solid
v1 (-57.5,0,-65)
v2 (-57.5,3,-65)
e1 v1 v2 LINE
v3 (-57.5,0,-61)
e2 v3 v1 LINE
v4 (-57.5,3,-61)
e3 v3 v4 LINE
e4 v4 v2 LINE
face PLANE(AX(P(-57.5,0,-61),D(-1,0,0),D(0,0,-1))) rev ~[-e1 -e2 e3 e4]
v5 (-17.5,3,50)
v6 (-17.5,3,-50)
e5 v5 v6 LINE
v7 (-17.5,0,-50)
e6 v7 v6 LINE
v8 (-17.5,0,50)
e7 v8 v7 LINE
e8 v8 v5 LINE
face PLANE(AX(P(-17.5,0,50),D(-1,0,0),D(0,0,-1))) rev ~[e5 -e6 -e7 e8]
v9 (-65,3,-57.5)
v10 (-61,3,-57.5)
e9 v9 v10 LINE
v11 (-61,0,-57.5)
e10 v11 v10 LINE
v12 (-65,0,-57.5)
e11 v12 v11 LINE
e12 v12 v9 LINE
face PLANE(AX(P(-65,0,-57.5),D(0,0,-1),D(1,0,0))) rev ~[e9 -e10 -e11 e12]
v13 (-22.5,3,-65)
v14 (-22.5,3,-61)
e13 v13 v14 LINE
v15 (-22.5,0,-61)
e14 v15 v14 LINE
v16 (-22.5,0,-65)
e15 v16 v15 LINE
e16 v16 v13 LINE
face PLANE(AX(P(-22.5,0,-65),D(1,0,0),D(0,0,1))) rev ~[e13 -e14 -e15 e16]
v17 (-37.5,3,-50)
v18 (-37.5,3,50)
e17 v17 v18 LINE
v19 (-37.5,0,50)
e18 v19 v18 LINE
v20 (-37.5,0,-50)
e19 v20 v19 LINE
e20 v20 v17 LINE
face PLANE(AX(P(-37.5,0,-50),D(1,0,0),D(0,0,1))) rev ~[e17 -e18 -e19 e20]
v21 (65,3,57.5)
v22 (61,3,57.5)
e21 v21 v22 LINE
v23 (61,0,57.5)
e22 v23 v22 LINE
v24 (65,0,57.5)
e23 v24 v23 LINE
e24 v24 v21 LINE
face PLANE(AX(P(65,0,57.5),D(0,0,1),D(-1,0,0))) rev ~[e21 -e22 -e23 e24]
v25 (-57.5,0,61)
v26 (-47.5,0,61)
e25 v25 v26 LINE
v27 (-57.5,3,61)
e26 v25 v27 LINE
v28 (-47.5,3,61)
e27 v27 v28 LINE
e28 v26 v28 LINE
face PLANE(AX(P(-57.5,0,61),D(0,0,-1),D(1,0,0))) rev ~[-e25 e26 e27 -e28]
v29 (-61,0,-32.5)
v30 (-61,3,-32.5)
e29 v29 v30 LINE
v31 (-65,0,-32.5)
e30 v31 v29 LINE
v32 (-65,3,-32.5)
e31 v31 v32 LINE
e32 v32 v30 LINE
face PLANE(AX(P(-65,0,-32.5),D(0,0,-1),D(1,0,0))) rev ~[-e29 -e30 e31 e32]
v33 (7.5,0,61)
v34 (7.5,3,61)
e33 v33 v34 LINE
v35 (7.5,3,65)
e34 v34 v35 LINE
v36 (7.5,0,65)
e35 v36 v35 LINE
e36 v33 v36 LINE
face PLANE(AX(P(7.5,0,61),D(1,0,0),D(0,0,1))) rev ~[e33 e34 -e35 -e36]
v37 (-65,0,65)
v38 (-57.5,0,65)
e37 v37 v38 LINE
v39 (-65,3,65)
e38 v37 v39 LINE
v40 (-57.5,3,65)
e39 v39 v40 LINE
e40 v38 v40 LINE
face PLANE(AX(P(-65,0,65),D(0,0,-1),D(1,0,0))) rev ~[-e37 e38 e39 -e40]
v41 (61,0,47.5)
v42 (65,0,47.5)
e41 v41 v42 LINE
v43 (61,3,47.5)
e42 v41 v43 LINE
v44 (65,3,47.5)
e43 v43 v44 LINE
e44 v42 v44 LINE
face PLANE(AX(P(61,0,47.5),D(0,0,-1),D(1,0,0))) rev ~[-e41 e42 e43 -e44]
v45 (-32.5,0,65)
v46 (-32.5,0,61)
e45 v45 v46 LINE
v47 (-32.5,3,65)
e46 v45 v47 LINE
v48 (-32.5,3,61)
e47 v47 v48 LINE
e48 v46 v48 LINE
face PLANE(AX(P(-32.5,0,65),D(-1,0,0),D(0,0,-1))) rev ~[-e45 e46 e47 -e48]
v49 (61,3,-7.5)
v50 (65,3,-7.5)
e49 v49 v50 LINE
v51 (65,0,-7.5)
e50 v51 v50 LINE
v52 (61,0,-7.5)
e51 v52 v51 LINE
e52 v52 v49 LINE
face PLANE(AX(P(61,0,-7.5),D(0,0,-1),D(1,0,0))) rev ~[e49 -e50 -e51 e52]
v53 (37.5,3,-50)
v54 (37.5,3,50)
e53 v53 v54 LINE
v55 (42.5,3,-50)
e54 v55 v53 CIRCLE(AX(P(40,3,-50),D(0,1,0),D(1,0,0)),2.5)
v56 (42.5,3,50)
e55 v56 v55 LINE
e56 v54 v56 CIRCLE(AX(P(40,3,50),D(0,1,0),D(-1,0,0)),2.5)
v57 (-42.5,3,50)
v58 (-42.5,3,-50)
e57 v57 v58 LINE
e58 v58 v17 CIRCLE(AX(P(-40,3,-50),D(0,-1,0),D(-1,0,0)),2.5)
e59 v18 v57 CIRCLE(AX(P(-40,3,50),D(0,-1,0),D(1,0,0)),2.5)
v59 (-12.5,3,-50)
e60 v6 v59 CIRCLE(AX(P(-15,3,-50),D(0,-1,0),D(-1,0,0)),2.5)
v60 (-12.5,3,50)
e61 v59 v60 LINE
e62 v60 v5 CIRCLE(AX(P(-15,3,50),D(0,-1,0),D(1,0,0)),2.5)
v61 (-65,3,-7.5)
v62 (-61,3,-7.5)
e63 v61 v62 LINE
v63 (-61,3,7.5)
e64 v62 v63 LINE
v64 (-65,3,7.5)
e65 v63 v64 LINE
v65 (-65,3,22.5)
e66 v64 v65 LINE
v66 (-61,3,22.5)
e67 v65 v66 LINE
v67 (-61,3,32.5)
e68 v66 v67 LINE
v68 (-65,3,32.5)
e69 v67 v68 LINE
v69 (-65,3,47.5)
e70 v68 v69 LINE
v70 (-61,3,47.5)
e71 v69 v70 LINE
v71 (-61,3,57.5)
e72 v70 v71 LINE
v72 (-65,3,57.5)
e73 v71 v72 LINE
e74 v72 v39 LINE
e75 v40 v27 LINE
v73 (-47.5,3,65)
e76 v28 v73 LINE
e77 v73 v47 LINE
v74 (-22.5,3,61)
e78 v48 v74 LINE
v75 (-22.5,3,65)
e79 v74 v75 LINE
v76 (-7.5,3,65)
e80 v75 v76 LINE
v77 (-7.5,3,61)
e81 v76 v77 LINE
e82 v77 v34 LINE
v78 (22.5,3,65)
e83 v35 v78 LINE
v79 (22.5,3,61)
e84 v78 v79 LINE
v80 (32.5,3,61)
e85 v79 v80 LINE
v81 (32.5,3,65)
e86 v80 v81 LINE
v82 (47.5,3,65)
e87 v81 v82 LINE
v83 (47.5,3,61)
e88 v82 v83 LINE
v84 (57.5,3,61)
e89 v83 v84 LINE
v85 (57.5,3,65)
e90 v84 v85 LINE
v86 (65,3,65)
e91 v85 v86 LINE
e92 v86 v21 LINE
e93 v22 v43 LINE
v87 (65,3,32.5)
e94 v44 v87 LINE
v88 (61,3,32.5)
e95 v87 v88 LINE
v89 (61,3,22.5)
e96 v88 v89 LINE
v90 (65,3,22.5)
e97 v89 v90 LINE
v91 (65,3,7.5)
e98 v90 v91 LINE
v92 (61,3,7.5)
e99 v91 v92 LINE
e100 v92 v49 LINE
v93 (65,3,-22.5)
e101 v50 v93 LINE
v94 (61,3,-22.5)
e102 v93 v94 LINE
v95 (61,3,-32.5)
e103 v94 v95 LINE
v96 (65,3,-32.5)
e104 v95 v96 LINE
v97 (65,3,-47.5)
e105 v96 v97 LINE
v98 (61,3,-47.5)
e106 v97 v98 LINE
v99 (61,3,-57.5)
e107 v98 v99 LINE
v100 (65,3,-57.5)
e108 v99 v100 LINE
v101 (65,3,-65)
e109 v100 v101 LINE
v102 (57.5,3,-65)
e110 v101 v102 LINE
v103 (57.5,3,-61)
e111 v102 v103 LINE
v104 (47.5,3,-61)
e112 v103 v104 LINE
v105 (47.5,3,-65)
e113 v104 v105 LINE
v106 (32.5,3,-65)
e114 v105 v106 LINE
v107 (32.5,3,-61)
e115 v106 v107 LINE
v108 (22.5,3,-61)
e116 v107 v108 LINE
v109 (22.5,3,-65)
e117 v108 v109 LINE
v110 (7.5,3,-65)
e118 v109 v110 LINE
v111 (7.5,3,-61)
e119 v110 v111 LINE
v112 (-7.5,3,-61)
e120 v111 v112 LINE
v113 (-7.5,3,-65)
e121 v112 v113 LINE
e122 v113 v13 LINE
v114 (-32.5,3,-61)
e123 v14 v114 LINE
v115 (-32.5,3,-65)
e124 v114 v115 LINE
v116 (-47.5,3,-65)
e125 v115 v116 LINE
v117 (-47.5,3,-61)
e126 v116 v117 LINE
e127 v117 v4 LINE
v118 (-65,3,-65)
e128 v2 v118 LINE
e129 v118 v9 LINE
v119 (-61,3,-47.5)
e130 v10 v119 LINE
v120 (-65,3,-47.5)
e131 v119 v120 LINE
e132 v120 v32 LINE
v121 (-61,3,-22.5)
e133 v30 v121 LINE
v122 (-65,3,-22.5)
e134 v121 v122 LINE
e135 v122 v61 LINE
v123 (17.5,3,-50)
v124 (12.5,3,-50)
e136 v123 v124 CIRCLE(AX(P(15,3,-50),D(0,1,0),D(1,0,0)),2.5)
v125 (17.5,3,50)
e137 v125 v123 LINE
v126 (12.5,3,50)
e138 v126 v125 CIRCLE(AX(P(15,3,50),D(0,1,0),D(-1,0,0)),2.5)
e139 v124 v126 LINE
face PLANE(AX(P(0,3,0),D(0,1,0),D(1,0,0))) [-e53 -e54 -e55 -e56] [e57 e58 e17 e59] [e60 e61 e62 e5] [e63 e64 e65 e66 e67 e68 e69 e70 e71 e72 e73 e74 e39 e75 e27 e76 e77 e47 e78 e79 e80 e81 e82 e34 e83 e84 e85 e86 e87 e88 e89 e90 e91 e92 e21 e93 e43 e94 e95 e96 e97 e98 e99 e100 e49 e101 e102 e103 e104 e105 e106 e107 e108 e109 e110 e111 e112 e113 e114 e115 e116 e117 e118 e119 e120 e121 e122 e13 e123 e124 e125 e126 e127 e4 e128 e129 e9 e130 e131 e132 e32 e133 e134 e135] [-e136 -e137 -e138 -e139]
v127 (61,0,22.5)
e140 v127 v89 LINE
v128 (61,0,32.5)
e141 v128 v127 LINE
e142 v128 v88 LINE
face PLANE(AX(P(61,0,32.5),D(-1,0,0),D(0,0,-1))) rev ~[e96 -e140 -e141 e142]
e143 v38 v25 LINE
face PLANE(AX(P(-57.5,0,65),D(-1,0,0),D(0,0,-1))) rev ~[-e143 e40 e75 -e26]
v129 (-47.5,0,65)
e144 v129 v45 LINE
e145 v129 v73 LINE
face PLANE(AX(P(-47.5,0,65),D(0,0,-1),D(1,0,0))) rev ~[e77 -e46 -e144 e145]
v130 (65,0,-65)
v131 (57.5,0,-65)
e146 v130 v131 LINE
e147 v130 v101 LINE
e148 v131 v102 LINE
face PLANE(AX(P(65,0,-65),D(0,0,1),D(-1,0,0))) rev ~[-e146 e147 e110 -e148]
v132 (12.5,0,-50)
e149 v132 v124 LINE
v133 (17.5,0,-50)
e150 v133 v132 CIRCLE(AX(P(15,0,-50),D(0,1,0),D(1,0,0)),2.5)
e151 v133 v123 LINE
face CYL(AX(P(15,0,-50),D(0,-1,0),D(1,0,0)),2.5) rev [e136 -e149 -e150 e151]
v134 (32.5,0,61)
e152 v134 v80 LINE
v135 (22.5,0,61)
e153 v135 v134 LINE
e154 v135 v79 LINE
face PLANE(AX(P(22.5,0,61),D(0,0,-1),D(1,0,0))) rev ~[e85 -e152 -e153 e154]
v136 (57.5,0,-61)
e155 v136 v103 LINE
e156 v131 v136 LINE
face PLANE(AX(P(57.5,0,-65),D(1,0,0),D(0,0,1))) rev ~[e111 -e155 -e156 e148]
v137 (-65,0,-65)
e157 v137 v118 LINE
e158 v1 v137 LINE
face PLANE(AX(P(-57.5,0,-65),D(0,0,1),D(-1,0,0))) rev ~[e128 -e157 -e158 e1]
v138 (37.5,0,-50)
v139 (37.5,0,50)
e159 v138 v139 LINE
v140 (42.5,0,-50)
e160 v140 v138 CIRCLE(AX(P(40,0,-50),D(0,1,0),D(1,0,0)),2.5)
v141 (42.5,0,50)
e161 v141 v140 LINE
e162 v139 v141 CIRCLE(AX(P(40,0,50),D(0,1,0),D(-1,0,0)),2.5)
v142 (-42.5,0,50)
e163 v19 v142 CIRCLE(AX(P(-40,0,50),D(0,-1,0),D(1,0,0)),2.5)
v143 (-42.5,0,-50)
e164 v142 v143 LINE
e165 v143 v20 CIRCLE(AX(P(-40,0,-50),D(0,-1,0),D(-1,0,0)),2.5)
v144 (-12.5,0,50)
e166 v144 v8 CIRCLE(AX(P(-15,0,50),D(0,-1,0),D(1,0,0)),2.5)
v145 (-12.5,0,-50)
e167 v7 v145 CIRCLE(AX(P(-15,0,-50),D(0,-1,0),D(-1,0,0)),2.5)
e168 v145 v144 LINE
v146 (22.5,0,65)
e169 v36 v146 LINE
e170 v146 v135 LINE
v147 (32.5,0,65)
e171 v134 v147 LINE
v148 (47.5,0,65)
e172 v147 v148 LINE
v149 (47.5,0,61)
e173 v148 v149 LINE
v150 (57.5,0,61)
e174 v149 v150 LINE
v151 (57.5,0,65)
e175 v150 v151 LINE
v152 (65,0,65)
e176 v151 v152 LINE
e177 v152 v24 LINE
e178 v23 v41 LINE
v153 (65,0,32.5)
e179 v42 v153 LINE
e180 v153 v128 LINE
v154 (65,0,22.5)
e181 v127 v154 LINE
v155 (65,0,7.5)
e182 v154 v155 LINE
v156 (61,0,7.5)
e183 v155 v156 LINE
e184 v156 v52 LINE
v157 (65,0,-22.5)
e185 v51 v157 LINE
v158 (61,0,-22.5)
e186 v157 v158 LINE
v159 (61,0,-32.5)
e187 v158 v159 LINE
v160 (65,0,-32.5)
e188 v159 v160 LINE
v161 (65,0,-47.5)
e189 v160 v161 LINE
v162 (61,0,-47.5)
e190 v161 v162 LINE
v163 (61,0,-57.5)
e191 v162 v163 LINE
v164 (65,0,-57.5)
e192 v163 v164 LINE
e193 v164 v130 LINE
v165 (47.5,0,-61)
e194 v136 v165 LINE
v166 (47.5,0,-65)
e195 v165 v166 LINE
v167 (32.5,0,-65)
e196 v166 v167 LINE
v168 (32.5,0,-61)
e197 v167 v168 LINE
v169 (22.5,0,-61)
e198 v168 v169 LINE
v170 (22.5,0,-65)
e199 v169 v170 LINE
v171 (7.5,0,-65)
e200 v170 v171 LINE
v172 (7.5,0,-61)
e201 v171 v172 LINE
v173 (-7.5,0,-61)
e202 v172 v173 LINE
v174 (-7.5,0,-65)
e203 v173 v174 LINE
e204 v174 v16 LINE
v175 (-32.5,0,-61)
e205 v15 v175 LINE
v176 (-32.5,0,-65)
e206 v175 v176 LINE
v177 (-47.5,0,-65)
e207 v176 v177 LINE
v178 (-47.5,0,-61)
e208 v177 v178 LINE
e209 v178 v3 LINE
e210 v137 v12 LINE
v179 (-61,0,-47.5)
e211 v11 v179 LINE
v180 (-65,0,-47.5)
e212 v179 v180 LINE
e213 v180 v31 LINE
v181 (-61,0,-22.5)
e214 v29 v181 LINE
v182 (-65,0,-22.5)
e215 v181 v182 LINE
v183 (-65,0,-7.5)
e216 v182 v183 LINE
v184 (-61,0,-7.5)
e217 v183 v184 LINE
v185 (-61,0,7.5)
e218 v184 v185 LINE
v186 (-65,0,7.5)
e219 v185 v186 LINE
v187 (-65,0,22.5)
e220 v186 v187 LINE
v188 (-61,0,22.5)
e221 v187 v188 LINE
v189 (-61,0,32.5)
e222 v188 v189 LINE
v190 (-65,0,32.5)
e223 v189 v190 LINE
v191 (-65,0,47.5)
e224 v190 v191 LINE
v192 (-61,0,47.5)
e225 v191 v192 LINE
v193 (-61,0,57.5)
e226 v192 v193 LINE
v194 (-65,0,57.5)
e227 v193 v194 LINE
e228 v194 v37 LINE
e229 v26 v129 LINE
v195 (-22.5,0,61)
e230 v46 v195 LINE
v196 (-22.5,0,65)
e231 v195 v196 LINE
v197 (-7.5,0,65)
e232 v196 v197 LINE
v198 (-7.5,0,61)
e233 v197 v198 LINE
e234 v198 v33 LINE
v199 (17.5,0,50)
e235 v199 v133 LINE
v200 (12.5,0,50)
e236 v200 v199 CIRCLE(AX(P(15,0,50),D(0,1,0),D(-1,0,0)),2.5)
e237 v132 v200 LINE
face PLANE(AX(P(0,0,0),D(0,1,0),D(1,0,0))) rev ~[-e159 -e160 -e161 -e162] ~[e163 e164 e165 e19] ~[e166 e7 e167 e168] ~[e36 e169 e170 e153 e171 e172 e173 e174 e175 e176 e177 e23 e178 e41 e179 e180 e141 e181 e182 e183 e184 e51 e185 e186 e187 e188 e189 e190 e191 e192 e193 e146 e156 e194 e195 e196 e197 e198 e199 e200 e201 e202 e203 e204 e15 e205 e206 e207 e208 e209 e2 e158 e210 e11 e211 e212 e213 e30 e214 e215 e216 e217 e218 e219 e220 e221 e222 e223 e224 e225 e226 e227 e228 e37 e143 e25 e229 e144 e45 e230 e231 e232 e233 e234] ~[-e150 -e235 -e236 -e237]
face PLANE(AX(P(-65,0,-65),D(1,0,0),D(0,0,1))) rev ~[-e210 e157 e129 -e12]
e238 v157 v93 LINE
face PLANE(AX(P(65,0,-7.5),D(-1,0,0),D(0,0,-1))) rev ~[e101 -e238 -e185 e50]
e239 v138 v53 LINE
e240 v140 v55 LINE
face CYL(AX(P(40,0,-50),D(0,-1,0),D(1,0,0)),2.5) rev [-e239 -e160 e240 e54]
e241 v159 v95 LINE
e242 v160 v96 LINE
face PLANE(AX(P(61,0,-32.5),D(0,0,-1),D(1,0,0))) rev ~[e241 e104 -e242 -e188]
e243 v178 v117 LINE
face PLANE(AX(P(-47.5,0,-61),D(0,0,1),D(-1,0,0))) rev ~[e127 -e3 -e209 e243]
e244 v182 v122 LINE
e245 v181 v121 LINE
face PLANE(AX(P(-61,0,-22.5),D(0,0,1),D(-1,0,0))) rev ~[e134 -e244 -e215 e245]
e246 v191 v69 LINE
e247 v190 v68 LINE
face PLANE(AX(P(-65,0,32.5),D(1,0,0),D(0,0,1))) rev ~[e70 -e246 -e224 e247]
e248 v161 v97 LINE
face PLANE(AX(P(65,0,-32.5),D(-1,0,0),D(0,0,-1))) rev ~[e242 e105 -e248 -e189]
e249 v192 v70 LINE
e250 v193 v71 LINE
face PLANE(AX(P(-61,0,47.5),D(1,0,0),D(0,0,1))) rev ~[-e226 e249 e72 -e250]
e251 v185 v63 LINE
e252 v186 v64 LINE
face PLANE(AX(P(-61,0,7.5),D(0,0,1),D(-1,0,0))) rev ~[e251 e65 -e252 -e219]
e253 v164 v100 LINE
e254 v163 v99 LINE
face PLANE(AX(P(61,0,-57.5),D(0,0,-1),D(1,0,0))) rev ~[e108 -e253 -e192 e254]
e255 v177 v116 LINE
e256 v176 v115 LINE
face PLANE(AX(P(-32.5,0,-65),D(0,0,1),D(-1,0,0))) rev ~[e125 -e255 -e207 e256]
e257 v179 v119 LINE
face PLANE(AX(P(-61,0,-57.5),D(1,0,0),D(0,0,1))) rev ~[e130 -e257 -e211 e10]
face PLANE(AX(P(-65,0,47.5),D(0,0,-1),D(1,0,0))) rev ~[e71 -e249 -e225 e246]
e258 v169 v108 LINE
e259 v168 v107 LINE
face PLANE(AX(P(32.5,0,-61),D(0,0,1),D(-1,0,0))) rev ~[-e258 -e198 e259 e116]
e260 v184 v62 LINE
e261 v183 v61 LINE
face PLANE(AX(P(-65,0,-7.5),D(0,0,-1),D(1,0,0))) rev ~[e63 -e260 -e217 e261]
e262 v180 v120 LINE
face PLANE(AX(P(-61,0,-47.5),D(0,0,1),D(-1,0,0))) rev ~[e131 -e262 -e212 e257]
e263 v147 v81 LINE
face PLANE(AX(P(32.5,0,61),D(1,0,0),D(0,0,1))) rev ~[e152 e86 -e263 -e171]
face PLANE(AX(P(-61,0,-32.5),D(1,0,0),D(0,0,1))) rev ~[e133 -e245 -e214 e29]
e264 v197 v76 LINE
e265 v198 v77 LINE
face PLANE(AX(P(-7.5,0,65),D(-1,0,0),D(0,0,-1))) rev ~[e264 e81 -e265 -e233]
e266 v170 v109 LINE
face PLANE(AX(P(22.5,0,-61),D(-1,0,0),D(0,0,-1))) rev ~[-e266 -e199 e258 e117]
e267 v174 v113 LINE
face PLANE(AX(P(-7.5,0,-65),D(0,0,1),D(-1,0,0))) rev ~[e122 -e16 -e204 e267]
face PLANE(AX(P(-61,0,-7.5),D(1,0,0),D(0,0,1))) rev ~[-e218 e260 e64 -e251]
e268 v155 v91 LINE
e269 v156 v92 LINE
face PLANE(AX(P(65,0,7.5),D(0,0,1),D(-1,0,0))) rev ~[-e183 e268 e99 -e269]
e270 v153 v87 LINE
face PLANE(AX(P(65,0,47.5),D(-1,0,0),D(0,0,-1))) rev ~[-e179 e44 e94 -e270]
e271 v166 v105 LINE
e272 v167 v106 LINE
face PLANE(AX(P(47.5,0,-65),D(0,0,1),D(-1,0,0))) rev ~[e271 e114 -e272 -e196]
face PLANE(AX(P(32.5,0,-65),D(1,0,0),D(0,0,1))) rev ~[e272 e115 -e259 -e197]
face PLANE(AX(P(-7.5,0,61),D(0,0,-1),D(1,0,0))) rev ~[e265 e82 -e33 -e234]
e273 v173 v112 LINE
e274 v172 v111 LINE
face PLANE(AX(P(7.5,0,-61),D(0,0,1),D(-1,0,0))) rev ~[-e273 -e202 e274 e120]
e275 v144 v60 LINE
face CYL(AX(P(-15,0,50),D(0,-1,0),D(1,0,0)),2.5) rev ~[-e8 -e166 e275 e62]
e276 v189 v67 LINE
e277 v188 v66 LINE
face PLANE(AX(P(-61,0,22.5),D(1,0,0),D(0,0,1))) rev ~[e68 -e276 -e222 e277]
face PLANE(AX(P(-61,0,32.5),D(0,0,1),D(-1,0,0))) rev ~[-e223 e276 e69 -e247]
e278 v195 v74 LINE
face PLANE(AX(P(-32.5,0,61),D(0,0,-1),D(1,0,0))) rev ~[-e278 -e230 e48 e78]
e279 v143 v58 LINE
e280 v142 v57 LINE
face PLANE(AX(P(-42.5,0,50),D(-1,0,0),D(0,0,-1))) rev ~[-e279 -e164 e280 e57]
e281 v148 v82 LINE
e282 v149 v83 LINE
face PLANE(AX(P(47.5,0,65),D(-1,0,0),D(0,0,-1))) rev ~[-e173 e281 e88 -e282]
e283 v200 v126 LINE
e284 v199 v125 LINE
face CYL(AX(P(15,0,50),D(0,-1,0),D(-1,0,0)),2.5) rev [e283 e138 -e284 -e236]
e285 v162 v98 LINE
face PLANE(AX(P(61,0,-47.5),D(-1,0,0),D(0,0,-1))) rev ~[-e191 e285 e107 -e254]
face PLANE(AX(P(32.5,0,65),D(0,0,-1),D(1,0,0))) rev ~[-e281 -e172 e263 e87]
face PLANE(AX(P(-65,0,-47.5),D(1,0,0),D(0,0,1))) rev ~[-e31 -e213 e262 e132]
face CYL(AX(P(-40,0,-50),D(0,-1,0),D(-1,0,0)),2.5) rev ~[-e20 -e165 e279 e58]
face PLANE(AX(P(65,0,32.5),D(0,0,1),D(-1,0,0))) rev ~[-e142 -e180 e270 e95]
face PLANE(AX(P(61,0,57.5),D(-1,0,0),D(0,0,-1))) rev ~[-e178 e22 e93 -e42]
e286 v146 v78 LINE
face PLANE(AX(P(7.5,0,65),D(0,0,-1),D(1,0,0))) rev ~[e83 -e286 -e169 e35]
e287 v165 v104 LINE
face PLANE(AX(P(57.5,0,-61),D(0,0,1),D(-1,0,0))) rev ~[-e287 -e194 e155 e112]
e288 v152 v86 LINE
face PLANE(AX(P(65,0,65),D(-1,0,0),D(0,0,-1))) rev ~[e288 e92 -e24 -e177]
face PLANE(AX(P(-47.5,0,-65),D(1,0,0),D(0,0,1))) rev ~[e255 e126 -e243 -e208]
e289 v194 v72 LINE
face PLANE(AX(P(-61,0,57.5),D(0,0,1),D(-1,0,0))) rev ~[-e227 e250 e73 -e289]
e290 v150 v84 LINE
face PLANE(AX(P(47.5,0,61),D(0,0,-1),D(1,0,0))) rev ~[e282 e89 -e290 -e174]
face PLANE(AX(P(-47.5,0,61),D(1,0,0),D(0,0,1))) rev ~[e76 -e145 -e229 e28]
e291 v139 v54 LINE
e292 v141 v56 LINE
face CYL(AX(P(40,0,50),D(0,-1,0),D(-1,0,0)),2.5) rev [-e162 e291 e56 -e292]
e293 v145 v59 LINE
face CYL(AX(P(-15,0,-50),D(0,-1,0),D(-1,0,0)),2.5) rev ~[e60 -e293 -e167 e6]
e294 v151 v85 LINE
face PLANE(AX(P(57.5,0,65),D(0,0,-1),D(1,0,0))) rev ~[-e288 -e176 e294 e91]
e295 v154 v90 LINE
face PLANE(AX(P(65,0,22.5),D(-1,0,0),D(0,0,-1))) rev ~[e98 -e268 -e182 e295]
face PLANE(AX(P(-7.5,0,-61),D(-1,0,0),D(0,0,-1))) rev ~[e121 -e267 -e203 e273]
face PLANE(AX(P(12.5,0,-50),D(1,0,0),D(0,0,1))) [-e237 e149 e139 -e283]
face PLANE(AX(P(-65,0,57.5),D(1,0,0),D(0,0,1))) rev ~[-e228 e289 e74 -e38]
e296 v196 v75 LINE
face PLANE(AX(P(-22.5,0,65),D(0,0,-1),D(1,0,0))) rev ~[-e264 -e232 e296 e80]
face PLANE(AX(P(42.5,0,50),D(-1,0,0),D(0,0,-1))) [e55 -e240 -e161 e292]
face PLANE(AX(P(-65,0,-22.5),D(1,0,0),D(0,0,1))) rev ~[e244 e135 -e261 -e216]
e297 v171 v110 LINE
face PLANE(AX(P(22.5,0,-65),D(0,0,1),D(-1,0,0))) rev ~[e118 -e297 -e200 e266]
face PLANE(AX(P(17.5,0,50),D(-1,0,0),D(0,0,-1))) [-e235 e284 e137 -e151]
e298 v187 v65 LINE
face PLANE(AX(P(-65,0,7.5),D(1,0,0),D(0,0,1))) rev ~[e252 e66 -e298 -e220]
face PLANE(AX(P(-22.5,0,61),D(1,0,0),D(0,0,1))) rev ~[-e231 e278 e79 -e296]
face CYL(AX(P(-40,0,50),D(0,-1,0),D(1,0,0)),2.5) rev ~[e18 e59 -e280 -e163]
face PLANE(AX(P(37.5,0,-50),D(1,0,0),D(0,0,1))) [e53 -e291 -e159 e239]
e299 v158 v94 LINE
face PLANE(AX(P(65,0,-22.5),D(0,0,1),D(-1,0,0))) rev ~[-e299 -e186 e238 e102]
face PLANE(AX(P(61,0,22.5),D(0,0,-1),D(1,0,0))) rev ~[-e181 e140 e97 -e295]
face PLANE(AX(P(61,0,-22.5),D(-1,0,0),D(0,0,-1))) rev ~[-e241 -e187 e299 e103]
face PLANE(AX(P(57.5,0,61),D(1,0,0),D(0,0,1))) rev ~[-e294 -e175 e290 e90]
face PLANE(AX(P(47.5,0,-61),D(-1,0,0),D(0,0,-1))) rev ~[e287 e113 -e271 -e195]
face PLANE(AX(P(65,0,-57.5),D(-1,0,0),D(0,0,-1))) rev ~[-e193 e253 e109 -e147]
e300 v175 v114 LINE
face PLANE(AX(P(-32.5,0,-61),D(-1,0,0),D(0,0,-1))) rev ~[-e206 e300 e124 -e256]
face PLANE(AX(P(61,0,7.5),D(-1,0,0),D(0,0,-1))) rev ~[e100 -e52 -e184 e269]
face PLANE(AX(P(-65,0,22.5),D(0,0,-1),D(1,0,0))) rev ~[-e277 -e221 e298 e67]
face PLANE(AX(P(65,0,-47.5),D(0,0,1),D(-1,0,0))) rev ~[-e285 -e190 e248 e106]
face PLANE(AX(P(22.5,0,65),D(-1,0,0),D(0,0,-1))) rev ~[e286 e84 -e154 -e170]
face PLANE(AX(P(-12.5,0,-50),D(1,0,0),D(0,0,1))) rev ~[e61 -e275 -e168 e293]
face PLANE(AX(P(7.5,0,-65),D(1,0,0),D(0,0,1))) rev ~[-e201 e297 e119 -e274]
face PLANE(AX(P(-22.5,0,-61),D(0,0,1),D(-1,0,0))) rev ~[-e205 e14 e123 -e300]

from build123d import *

# Parameters (mm, degrees)
BOSS_EXTRUDE1_DEPTH = 3


with BuildPart() as part:
    # Sketch1 → Boss-Extrude1 (new body)
    with BuildSketch(Plane(origin=(0, 0, 0), x_dir=(1, 0, 0), z_dir=(0, 1, 0))):
        Polygon((-65, -65), (-57.5, -65), (-57.5, -61), (-47.5, -61), (-47.5, -65), (-32.5, -65), (-32.5, -61), (-22.5, -61), (-22.5, -65), (-7.5, -65), (-7.5, -61), (7.5, -61), (7.5, -65), (22.5, -65), (22.5, -61), (32.5, -61), (32.5, -65), (47.5, -65), (47.5, -61), (57.5, -61), (57.5, -65), (65, -65), (65, -57.5), (61, -57.5), (61, -47.5), (65, -47.5), (65, -32.5), (61, -32.5), (61, -22.5), (65, -22.5), (65, -7.5), (61, -7.5), (61, 7.5), (65, 7.5), (65, 22.5), (61, 22.5), (61, 32.5), (65, 32.5), (65, 47.5), (61, 47.5), (61, 57.5), (65, 57.5), (65, 65), (57.5, 65), (57.5, 61), (47.5, 61), (47.5, 65), (32.5, 65), (32.5, 61), (22.5, 61), (22.5, 65), (7.5, 65), (7.5, 61), (-7.5, 61), (-7.5, 65), (-22.5, 65), (-22.5, 61), (-32.5, 61), (-32.5, 65), (-47.5, 65), (-47.5, 61), (-57.5, 61), (-57.5, 65), (-65, 65), (-65, 57.5), (-61, 57.5), (-61, 47.5), (-65, 47.5), (-65, 32.5), (-61, 32.5), (-61, 22.5), (-65, 22.5), (-65, 7.5), (-61, 7.5), (-61, -7.5), (-65, -7.5), (-65, -22.5), (-61, -22.5), (-61, -32.5), (-65, -32.5), (-65, -47.5), (-61, -47.5), (-61, -57.5), (-65, -57.5), align=None)
        with BuildLine():
            Line((-37.5, 50), (-37.5, -50))
            ThreePointArc((-37.5, -50), (-40, -52.5), (-42.5, -50))
            Line((-42.5, -50), (-42.5, 50))
            ThreePointArc((-42.5, 50), (-40, 52.5), (-37.5, 50))
        make_face(mode=Mode.SUBTRACT)
        with BuildLine():
            Line((-12.5, 50), (-12.5, -50))
            ThreePointArc((-12.5, -50), (-15, -52.5), (-17.5, -50))
            Line((-17.5, -50), (-17.5, 50))
            ThreePointArc((-17.5, 50), (-15, 52.5), (-12.5, 50))
        make_face(mode=Mode.SUBTRACT)
        with BuildLine():
            Line((37.5, 50), (37.5, -50))
            ThreePointArc((37.5, -50), (40, -52.5), (42.5, -50))
            Line((42.5, -50), (42.5, 50))
            ThreePointArc((42.5, 50), (40, 52.5), (37.5, 50))
        make_face(mode=Mode.SUBTRACT)
        with BuildLine():
            Line((12.5, 50), (12.5, -50))
            ThreePointArc((12.5, -50), (15, -52.5), (17.5, -50))
            Line((17.5, -50), (17.5, 50))
            ThreePointArc((17.5, 50), (15, 52.5), (12.5, 50))
        make_face(mode=Mode.SUBTRACT)
    extrude(amount=BOSS_EXTRUDE1_DEPTH)


solid = part.part
